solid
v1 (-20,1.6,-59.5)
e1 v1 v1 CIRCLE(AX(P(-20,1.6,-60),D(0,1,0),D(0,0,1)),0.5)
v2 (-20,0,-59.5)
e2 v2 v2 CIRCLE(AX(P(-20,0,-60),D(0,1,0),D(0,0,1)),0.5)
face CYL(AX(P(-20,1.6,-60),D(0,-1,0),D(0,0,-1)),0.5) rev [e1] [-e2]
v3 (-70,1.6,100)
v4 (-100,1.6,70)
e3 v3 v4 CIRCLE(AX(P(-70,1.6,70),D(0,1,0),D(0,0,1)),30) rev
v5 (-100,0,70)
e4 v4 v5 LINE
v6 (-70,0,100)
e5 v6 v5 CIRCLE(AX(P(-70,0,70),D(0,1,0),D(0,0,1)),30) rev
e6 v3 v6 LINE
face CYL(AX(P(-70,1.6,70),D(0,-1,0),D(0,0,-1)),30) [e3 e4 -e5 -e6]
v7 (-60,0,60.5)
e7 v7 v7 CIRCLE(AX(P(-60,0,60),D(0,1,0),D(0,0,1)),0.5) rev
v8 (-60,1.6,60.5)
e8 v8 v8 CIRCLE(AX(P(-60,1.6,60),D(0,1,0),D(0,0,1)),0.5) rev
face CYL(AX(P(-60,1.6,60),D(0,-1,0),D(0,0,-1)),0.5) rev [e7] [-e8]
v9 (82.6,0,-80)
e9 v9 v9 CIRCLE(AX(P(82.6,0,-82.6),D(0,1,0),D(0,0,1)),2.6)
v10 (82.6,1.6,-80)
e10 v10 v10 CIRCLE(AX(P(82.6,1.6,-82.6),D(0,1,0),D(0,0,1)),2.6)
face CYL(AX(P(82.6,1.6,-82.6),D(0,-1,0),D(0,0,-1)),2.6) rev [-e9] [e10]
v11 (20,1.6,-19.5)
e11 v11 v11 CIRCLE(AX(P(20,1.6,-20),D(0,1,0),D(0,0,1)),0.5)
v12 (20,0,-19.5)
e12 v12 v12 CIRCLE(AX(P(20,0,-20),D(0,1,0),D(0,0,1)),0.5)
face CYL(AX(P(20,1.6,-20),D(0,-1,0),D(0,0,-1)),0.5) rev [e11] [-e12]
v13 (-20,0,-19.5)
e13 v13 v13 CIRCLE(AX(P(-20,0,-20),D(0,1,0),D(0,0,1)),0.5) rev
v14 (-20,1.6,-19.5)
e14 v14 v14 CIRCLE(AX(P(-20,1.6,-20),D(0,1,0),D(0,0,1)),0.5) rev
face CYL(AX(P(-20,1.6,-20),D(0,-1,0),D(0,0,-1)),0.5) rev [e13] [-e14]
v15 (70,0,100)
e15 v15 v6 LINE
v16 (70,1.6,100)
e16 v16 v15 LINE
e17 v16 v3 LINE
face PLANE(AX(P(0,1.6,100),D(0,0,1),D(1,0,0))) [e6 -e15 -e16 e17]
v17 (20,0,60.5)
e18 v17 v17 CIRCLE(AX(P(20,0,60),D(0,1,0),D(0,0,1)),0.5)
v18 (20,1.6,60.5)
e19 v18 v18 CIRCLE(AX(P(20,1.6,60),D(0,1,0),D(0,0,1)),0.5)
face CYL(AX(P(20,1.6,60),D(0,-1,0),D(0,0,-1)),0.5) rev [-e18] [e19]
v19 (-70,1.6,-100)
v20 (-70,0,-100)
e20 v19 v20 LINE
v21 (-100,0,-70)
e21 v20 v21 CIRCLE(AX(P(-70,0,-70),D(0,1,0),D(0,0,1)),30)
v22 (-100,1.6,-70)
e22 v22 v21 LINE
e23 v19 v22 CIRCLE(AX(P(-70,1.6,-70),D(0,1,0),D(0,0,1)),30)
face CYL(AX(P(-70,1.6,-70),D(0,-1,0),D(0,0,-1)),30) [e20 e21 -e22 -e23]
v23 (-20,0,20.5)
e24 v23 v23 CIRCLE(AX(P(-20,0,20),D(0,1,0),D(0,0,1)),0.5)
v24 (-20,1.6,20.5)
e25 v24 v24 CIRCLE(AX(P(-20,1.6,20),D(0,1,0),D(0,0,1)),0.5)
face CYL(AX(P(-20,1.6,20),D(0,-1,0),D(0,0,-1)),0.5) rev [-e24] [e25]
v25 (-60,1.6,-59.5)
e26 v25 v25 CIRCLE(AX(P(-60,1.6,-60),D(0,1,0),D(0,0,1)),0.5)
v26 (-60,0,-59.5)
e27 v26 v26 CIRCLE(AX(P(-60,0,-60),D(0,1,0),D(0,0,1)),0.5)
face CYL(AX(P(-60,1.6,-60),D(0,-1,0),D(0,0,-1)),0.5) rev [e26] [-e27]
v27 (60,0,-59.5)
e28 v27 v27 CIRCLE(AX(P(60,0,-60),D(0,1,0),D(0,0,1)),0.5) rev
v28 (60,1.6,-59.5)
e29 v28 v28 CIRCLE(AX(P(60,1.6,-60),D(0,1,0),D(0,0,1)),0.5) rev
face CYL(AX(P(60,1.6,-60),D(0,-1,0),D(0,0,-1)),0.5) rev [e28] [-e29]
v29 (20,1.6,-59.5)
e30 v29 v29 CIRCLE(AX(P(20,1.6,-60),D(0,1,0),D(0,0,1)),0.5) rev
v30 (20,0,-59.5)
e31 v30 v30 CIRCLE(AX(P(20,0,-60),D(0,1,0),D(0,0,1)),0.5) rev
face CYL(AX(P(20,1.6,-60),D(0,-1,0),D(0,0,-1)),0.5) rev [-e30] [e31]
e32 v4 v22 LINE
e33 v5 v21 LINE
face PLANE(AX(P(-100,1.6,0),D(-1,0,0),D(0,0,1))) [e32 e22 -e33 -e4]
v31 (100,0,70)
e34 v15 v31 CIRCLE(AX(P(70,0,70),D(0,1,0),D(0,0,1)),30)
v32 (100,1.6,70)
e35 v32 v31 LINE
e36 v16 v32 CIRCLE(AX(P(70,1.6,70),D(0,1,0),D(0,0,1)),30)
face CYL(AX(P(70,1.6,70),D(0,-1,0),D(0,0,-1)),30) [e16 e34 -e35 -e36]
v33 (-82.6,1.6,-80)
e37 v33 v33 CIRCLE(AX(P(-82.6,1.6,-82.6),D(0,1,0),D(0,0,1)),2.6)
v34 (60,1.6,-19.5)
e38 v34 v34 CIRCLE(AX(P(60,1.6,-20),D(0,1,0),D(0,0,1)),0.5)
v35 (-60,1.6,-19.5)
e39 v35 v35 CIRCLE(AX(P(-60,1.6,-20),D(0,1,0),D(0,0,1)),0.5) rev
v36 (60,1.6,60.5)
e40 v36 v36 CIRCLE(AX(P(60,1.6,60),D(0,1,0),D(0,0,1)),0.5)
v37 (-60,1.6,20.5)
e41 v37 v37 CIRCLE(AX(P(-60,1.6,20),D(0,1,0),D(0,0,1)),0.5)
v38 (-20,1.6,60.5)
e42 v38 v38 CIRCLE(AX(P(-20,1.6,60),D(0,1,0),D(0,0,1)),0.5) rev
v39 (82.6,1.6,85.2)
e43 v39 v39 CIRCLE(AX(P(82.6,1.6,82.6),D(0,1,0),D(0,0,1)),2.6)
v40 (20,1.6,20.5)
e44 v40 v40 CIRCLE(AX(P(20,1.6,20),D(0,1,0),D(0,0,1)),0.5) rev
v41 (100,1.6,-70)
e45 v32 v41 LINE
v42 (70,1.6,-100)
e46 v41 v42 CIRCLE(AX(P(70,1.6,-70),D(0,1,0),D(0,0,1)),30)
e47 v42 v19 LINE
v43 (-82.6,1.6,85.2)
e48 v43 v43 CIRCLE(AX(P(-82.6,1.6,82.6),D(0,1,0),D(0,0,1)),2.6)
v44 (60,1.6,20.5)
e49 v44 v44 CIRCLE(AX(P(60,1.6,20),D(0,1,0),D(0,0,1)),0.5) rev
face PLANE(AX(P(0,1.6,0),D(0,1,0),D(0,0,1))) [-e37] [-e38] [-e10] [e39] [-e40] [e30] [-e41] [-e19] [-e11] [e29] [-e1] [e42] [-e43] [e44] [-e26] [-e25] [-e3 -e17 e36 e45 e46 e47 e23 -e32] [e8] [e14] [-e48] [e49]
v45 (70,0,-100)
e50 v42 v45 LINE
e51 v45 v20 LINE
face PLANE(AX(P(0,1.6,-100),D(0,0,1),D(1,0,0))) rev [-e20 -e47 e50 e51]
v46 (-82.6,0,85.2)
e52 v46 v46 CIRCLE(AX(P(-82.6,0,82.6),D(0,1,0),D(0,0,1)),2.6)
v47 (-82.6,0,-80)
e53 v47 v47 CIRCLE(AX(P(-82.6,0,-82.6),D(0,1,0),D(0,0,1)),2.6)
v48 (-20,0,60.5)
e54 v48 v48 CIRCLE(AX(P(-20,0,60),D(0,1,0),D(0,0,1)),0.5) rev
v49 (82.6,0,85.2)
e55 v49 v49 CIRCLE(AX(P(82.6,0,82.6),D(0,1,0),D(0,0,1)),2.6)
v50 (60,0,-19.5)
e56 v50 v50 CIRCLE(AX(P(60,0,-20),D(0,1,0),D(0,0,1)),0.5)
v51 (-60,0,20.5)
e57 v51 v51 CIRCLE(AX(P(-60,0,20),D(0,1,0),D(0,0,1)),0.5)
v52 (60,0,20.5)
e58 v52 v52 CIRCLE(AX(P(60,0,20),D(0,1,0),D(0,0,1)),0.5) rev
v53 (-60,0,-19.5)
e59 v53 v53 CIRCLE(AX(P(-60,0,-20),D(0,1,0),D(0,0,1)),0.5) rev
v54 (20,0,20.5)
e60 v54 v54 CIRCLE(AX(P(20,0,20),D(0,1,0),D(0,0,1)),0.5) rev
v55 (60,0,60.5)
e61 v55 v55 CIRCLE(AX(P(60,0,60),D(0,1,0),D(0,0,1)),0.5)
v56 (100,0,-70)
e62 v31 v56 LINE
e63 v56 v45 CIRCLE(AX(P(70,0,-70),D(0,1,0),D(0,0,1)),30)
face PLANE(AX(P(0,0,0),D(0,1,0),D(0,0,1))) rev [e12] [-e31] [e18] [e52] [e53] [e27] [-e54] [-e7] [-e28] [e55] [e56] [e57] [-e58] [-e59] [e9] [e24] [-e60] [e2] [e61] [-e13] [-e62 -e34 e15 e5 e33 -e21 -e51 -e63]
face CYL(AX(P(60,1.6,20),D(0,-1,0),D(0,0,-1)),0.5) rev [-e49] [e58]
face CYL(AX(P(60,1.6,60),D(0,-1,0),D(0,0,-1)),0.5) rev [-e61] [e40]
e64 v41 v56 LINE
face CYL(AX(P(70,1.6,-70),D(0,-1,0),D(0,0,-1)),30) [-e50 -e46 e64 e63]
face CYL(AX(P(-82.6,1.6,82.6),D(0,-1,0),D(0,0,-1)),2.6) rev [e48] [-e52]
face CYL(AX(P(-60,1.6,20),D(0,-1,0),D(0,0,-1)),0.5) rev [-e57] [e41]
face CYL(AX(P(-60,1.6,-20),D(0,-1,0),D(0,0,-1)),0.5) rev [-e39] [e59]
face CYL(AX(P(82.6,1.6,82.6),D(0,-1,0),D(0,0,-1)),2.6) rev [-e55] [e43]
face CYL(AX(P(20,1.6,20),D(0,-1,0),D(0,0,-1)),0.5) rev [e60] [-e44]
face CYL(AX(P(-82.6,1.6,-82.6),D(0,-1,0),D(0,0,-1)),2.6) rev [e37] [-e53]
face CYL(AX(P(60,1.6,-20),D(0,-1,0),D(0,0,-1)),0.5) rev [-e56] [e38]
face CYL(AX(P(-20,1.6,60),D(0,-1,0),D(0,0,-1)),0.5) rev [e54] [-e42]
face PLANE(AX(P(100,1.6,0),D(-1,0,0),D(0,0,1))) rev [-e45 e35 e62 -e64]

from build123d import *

# Parameters (mm, degrees)
SKETCH1_R           = 2.6
SKETCH1_R_2         = 0.5
BOSS_EXTRUDE1_DEPTH = 1.6


with BuildPart() as part:
    # Sketch1 → Boss-Extrude1 (new body)
    with BuildSketch(Plane(origin=(0, 0, 0), x_dir=(1, 0, 0), z_dir=(0, 1, 0))):
        with BuildLine():
            Line((70, -100), (-70, -100))
            ThreePointArc((-70, -100), (-91.213203436, -91.213203436), (-100, -70))
            Line((-100, -70), (-100, 70))
            ThreePointArc((-100, 70), (-91.213203436, 91.213203436), (-70, 100))
            Line((-70, 100), (70, 100))
            ThreePointArc((70, 100), (91.213203436, 91.213203436), (100, 70))
            Line((100, 70), (100, -70))
            ThreePointArc((100, -70), (91.213203436, -91.213203436), (70, -100))
        make_face()
        with Locations(Location((-82.6, 82.6, 0), (0, 0, 270))):
            Circle(SKETCH1_R, mode=Mode.SUBTRACT)
        with Locations(Location((82.6, 82.6, 0), (0, 0, 270))):
            Circle(SKETCH1_R, mode=Mode.SUBTRACT)
        with Locations(Location((82.6, -82.6, 0), (0, 0, 270))):
            Circle(SKETCH1_R, mode=Mode.SUBTRACT)
        with Locations(Location((-82.6, -82.6, 0), (0, 0, 270))):
            Circle(SKETCH1_R, mode=Mode.SUBTRACT)
        with Locations(Location((-60, 60, 0), (0, 0, 270))):
            Circle(SKETCH1_R_2, mode=Mode.SUBTRACT)
        with Locations(Location((-20, 60, 0), (0, 0, 270))):
            Circle(SKETCH1_R_2, mode=Mode.SUBTRACT)
        with Locations(Location((-20, 20, 0), (0, 0, 270))):
            Circle(SKETCH1_R_2, mode=Mode.SUBTRACT)
        with Locations(Location((-60, 20, 0), (0, 0, 270))):
            Circle(SKETCH1_R_2, mode=Mode.SUBTRACT)
        with Locations(Location((60, 20, 0), (0, 0, 270))):
            Circle(SKETCH1_R_2, mode=Mode.SUBTRACT)
        with Locations(Location((20, 20, 0), (0, 0, 270))):
            Circle(SKETCH1_R_2, mode=Mode.SUBTRACT)
        with Locations(Location((20, 60, 0), (0, 0, 270))):
            Circle(SKETCH1_R_2, mode=Mode.SUBTRACT)
        with Locations(Location((60, 60, 0), (0, 0, 270))):
            Circle(SKETCH1_R_2, mode=Mode.SUBTRACT)
        with Locations(Location((20, -20, 0), (0, 0, 270))):
            Circle(SKETCH1_R_2, mode=Mode.SUBTRACT)
        with Locations(Location((60, -20, 0), (0, 0, 270))):
            Circle(SKETCH1_R_2, mode=Mode.SUBTRACT)
        with Locations(Location((60, -60, 0), (0, 0, 270))):
            Circle(SKETCH1_R_2, mode=Mode.SUBTRACT)
        with Locations(Location((20, -60, 0), (0, 0, 270))):
            Circle(SKETCH1_R_2, mode=Mode.SUBTRACT)
        with Locations(Location((-20, -20, 0), (0, 0, 270))):
            Circle(SKETCH1_R_2, mode=Mode.SUBTRACT)
        with Locations(Location((-60, -20, 0), (0, 0, 270))):
            Circle(SKETCH1_R_2, mode=Mode.SUBTRACT)
        with Locations(Location((-20, -60, 0), (0, 0, 270))):
            Circle(SKETCH1_R_2, mode=Mode.SUBTRACT)
        with Locations(Location((-60, -60, 0), (0, 0, 270))):
            Circle(SKETCH1_R_2, mode=Mode.SUBTRACT)
    extrude(amount=BOSS_EXTRUDE1_DEPTH)


solid = part.part
